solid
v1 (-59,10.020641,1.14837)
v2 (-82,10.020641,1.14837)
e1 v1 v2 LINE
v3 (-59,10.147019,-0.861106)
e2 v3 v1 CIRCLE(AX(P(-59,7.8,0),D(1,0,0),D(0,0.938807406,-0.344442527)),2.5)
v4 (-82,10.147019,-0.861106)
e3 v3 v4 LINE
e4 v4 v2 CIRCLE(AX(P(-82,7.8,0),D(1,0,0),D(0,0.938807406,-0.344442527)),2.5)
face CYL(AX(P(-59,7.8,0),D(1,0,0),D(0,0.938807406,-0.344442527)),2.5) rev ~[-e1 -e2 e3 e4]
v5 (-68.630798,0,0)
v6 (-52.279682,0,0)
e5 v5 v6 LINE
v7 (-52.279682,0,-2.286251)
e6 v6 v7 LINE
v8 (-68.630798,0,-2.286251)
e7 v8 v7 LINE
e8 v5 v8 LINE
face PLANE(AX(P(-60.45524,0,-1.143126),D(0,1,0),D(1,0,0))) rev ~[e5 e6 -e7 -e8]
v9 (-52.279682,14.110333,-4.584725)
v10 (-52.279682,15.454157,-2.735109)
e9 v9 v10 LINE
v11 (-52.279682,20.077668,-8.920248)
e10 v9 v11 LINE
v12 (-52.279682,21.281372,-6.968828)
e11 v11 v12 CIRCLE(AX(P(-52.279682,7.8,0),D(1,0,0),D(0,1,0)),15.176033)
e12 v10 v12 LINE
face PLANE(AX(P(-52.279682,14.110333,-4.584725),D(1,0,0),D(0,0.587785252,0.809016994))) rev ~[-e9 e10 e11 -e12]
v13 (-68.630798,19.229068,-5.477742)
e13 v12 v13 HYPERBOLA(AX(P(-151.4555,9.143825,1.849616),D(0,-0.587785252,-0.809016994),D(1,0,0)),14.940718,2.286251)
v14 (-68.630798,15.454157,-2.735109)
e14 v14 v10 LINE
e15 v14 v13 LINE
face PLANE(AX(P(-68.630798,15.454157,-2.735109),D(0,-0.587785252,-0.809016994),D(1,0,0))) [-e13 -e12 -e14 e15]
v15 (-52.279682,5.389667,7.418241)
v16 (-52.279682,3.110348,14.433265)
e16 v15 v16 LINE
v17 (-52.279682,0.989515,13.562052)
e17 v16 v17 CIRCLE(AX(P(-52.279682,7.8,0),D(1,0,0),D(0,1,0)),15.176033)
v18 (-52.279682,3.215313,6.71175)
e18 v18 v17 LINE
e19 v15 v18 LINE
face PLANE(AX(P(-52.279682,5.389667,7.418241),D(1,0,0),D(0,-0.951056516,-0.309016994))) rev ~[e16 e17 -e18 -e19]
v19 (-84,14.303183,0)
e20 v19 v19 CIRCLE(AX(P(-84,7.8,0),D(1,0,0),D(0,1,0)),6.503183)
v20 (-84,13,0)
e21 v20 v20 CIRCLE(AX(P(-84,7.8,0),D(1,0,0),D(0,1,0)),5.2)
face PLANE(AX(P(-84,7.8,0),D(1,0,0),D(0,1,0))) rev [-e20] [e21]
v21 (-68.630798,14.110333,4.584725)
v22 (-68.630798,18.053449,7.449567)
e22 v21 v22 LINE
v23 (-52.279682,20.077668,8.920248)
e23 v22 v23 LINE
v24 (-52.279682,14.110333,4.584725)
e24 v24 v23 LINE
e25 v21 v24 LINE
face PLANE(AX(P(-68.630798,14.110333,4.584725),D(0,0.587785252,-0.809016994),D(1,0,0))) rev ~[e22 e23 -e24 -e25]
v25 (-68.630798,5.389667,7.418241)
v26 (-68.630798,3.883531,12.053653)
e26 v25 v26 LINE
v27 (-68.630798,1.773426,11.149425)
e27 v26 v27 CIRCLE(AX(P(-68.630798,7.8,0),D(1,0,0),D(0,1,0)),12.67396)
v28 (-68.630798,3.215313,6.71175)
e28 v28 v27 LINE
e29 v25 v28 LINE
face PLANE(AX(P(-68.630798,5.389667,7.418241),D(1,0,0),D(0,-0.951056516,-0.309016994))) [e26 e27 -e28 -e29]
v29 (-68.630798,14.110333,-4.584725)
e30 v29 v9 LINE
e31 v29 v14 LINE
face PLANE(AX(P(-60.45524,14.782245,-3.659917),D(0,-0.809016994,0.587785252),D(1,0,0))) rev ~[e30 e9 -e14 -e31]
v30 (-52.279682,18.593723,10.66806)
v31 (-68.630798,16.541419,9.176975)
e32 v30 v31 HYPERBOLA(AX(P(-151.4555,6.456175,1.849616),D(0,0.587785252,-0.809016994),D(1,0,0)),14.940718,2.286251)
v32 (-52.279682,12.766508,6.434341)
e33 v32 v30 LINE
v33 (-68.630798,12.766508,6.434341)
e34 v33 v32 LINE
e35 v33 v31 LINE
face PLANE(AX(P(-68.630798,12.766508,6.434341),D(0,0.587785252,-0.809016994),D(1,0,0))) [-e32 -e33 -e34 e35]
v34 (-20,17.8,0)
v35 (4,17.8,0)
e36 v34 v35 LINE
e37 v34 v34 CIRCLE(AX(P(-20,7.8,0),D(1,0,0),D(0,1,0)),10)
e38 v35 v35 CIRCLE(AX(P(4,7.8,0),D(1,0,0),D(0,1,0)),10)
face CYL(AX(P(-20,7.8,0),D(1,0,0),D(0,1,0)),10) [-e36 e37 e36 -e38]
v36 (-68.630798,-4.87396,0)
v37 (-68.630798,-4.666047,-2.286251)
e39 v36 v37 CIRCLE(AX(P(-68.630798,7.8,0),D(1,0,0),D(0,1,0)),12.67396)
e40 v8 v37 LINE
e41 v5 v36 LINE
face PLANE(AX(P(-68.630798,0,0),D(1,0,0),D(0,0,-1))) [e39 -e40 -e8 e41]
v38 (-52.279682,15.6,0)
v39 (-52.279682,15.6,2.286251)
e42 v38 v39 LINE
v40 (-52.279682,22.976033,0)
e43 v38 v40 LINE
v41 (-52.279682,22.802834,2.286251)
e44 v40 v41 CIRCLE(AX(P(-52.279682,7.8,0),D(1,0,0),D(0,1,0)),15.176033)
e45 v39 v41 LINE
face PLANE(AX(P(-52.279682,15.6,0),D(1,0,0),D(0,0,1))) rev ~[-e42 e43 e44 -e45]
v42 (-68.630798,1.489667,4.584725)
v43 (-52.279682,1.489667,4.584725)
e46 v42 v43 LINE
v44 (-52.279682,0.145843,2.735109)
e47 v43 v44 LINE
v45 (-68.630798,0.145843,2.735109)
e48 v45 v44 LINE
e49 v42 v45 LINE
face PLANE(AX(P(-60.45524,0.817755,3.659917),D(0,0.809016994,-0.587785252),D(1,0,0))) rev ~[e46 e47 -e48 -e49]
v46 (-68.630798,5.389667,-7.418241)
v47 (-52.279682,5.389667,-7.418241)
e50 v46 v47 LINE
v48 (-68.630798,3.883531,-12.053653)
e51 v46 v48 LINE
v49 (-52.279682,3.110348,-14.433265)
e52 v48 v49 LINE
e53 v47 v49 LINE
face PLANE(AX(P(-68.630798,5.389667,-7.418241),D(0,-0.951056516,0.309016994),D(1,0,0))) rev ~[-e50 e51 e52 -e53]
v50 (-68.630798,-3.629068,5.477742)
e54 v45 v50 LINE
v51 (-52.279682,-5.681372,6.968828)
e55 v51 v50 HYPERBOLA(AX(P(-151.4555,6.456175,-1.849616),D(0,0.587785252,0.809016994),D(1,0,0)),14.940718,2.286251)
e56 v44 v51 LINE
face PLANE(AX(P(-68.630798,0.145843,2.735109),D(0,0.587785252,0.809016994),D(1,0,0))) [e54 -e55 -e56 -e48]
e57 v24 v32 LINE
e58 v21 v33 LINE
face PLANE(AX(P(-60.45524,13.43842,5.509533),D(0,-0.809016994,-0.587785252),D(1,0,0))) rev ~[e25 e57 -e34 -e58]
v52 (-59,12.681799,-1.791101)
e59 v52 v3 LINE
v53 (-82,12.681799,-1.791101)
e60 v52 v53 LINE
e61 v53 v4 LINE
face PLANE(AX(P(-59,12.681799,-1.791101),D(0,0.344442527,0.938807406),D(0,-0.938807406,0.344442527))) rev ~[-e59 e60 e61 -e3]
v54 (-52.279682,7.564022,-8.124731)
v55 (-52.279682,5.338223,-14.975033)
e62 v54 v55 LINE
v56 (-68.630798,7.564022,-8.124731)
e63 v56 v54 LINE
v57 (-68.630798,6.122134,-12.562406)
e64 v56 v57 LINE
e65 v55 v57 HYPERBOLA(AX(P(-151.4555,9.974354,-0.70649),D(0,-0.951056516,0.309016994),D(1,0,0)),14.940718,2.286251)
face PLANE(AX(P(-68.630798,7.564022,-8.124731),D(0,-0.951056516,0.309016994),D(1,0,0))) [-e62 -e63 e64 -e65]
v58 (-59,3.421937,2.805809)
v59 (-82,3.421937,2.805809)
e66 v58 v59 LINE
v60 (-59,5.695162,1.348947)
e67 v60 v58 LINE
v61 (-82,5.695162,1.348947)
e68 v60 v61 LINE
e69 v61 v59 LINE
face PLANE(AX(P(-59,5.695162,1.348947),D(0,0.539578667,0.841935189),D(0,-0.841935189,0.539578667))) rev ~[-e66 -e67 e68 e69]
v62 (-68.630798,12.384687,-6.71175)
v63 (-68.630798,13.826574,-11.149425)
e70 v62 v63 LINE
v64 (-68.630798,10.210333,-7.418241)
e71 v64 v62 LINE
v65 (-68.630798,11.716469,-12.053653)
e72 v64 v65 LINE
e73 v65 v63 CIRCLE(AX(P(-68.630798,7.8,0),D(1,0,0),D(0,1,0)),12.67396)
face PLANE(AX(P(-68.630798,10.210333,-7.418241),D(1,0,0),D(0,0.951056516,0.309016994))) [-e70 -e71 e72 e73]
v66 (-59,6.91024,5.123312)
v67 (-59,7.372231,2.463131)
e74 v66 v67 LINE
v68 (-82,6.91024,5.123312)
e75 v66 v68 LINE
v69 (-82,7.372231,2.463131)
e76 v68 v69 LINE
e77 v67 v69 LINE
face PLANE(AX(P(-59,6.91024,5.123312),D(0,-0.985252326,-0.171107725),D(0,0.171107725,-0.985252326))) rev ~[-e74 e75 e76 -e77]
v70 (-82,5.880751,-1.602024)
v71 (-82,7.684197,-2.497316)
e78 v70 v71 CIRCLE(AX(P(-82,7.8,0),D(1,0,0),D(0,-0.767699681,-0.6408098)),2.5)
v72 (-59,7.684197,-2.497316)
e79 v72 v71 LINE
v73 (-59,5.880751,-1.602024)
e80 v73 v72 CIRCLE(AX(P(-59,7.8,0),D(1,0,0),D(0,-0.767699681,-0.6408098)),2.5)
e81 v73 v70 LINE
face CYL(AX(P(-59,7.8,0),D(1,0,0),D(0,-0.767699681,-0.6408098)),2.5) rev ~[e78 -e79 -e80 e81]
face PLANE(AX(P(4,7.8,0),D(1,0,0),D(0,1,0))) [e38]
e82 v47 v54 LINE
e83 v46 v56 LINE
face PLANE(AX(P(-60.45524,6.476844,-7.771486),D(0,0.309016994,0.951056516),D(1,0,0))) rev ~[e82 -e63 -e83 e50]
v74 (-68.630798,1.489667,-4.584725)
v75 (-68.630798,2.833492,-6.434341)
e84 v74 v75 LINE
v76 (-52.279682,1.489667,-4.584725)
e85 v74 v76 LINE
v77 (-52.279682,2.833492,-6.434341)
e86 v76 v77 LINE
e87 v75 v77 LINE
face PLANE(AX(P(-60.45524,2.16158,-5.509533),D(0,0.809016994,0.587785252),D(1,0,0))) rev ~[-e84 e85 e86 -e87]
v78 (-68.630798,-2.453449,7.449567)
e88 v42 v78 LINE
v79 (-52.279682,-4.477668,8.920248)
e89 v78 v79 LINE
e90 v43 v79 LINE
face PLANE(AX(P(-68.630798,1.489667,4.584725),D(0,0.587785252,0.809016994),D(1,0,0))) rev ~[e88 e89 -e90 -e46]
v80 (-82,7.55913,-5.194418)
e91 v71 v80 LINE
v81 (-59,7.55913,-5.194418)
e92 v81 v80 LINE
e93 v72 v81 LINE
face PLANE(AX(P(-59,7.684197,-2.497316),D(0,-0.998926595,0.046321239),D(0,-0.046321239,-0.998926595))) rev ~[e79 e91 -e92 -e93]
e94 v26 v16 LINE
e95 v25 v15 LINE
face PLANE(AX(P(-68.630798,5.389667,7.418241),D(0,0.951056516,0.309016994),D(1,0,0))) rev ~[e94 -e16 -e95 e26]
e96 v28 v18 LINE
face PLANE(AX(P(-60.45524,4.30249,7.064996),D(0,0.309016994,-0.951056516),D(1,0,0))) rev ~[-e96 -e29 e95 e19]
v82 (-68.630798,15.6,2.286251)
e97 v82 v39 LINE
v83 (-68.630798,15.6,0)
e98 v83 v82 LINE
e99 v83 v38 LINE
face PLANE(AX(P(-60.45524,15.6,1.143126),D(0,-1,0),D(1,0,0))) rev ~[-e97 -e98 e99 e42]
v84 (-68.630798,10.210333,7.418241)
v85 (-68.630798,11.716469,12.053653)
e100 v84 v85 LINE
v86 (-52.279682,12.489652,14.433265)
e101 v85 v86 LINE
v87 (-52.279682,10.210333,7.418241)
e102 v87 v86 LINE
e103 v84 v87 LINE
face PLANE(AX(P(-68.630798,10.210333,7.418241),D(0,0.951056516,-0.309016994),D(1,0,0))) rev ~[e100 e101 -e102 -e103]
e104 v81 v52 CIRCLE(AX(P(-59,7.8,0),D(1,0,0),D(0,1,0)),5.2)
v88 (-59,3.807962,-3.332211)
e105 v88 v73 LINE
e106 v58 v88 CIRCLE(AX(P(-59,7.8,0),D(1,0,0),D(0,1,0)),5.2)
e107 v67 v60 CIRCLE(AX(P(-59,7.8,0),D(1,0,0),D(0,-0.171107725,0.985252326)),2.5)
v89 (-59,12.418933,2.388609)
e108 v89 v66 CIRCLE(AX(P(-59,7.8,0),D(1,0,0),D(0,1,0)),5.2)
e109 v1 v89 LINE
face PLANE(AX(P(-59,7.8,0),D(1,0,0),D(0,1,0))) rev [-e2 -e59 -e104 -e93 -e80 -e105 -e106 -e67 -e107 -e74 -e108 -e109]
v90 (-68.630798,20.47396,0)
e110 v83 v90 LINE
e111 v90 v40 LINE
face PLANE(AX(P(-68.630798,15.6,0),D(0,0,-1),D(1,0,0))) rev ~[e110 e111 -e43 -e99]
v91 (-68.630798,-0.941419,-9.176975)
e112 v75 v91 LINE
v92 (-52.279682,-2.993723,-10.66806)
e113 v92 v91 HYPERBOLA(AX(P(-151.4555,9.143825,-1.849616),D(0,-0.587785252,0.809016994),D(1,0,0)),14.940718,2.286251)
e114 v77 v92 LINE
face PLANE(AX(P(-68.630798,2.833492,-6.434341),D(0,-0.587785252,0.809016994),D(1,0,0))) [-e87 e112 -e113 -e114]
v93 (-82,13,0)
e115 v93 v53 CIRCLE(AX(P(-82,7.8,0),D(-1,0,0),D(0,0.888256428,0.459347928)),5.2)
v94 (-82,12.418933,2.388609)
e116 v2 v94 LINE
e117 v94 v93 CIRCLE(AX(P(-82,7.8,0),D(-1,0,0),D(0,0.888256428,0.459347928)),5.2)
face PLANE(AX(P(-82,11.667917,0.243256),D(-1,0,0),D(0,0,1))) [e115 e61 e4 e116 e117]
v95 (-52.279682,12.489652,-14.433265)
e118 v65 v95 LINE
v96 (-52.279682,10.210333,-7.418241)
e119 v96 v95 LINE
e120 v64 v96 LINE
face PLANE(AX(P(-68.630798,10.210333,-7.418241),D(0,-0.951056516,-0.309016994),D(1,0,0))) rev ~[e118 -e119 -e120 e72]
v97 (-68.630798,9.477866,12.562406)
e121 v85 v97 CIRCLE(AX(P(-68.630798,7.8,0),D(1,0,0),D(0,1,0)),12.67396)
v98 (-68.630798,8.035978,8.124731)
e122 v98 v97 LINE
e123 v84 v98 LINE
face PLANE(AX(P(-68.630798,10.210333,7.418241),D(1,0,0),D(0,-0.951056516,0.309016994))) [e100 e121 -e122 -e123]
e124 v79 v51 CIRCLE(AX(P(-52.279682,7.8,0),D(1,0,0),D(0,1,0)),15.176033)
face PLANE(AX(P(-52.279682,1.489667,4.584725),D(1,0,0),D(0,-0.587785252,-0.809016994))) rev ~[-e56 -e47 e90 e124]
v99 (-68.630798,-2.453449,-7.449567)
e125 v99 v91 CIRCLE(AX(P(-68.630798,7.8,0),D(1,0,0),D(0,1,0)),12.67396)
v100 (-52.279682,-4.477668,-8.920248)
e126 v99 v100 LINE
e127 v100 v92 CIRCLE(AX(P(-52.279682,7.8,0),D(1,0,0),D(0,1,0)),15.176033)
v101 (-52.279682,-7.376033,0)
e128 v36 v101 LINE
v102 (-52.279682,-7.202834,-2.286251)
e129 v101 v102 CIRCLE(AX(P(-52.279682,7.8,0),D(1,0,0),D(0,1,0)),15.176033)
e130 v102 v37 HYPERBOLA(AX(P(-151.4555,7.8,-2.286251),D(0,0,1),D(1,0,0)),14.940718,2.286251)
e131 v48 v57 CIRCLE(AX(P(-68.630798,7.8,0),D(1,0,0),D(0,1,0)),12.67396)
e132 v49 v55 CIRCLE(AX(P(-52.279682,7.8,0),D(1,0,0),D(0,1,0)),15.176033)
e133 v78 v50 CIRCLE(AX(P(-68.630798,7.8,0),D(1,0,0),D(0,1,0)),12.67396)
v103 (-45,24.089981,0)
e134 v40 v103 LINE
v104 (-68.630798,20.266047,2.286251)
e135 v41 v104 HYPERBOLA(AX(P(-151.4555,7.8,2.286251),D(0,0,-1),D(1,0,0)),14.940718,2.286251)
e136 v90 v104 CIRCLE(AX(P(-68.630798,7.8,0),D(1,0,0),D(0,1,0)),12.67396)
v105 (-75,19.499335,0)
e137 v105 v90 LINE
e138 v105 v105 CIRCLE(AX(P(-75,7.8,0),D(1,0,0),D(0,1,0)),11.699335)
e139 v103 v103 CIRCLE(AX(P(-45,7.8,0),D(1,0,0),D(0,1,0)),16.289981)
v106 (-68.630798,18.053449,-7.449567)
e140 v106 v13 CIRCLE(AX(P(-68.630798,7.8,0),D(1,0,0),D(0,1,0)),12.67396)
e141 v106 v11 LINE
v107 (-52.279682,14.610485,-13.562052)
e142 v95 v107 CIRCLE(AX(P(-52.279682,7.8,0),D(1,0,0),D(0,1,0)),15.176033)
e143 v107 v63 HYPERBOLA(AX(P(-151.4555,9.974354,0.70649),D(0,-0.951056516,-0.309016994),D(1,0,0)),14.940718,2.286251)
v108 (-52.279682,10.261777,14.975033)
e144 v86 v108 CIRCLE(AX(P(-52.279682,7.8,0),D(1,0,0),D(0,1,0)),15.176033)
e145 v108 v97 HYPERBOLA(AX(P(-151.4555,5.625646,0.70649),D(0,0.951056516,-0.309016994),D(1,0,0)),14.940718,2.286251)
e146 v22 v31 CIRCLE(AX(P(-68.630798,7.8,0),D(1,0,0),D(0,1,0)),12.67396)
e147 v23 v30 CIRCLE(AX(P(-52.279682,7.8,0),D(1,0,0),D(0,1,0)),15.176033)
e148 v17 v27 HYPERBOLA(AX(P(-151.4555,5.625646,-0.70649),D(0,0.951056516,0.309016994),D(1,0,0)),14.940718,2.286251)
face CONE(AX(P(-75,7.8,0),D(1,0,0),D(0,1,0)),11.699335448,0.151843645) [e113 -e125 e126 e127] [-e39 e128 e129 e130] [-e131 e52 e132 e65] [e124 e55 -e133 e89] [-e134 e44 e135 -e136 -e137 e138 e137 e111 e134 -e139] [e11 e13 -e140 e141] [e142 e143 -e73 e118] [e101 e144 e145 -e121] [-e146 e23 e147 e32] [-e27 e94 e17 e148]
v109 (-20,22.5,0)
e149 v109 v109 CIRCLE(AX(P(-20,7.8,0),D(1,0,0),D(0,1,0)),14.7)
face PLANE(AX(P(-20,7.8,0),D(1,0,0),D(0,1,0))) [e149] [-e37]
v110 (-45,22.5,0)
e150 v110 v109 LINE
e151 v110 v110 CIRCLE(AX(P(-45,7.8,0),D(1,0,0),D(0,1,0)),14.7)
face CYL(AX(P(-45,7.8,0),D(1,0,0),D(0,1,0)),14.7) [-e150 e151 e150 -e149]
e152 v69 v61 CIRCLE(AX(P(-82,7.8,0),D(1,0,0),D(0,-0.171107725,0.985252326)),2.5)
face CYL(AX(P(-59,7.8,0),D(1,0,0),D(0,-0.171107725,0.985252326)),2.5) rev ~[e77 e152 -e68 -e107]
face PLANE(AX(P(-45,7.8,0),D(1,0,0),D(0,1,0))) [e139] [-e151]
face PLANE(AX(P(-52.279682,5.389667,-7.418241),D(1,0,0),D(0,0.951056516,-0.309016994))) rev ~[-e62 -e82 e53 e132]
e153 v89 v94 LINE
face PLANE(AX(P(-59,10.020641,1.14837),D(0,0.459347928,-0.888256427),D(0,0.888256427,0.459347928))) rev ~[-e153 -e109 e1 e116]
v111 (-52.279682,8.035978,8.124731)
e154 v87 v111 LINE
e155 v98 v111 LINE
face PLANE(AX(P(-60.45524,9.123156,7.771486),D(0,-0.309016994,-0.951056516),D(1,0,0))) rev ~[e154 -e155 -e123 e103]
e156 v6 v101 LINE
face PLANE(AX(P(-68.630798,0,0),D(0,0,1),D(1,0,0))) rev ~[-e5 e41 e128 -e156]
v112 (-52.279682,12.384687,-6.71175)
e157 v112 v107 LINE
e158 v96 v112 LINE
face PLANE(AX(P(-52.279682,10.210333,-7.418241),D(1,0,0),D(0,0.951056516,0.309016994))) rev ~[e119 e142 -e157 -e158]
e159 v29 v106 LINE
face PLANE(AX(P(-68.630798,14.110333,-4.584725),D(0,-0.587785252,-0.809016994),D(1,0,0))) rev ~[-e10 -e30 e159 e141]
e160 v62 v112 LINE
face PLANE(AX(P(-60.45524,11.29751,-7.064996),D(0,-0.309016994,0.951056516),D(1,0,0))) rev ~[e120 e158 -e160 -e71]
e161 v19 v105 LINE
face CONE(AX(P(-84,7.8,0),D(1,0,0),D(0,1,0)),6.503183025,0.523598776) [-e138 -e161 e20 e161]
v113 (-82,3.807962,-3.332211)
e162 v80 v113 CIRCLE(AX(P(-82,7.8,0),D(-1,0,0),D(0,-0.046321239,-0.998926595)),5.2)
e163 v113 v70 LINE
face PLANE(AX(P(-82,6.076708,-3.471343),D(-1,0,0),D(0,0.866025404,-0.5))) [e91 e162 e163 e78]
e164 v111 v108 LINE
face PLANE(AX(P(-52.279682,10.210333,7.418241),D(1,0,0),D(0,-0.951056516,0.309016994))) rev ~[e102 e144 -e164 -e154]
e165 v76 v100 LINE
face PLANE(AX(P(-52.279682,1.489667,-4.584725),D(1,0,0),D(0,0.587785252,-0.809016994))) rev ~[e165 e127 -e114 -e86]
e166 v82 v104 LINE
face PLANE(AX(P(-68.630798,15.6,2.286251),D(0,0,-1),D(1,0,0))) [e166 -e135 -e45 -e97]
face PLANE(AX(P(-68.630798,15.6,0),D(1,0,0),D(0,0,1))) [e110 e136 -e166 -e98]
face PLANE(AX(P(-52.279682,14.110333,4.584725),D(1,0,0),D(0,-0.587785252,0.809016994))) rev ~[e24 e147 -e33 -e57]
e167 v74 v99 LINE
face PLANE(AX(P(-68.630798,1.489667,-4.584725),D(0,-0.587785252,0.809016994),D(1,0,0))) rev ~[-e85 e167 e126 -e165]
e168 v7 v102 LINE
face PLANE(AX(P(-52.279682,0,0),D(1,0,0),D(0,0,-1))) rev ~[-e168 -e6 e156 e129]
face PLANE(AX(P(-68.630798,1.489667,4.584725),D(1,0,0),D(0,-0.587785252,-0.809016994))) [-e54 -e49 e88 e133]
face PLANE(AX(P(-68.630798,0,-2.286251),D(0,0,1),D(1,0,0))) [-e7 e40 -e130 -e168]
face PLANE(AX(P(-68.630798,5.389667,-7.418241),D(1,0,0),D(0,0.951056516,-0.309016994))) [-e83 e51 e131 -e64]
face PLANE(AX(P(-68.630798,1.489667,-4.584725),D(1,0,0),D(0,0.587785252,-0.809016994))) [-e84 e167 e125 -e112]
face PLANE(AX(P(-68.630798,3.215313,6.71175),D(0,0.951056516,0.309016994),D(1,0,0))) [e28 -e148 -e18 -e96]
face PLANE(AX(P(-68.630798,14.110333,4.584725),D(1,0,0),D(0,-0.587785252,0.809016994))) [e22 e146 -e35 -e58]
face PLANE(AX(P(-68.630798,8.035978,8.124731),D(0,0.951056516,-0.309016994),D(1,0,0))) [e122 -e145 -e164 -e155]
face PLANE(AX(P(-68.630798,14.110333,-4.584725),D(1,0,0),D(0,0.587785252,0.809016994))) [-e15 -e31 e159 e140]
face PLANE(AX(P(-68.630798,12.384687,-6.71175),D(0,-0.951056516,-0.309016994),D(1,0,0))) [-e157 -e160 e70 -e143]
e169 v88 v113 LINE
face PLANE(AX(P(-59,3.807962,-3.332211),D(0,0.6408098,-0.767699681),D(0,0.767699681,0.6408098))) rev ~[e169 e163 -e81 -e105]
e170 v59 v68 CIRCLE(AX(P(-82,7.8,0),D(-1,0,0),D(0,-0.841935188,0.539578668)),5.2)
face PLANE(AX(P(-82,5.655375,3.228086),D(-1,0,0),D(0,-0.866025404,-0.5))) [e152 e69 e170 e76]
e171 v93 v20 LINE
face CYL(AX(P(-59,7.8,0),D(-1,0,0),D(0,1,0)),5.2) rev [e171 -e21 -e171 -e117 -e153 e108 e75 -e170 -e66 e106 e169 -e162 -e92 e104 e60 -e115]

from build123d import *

# Parameters (mm, degrees)
SKETCH2_W           = 16.351115912
SKETCH2_H           = 2.286251171
CUT_EXTRUDE2_DEPTH  = 8
CIRPATTERN1_COUNT   = 10
BOSS_EXTRUDE2_DEPTH = 23
CIRPATTERN2_COUNT   = 3


with BuildPart() as part:
    # Sketch1 → Revolve1 (revolve)
    with BuildSketch(Plane.XY):
        Polygon((-45, 22.5), (-20, 22.5), (-20, 17.8), (4, 17.8), (4, 7.8), (-59, 7.8), (-59, 13), (-84, 13), (-84, 14.303183025), (-75, 19.499335448), (-45, 24.089980537), align=None)
    revolve(axis=Axis((-59, 7.8, 0), (1, 0, 0)))

    # Sketch2 → Cut-Extrude2 (cut)
    with BuildSketch(Plane(origin=(0, 0, 0), x_dir=(1, 0, 0), z_dir=(0, 1, 0))):
        with Locations((-60.455240296, 1.143125585)):
            Rectangle(SKETCH2_W, SKETCH2_H)
    cut_extrude2 = extrude(amount=-CUT_EXTRUDE2_DEPTH, mode=Mode.SUBTRACT)

    # CirPattern1: Cut-Extrude2 ×10 about axis
    cirpattern1_axis = Axis((0, 7.8, 0), (1, 0, 0))
    for i in range(1, CIRPATTERN1_COUNT):
        add(cut_extrude2.rotate(cirpattern1_axis, i * 360 / CIRPATTERN1_COUNT), mode=Mode.SUBTRACT)

    # Sketch3 → Boss-Extrude2 (add)
    with BuildSketch(Plane.ZY.offset(59)):
        with BuildLine():
            ThreePointArc((2.388609227, 12.418933423), (0.326387029, 12.989746767), (-1.791101139, 12.681798512))
            Line((-1.791101139, 12.681798512), (-0.861106317, 10.147018515))
            ThreePointArc((-0.861106317, 10.147018515), (0.156916841, 10.295070561), (1.148369821, 10.020641069))
            Line((1.148369821, 10.020641069), (2.388609227, 12.418933423))
        make_face()
    boss_extrude2 = extrude(amount=BOSS_EXTRUDE2_DEPTH)

    # CirPattern2: Boss-Extrude2 ×3 about axis
    cirpattern2_axis = Axis((0, 7.8, 0), (1, 0, 0))
    for i in range(1, CIRPATTERN2_COUNT):
        add(boss_extrude2.rotate(cirpattern2_axis, i * 360 / CIRPATTERN2_COUNT))


solid = part.part
